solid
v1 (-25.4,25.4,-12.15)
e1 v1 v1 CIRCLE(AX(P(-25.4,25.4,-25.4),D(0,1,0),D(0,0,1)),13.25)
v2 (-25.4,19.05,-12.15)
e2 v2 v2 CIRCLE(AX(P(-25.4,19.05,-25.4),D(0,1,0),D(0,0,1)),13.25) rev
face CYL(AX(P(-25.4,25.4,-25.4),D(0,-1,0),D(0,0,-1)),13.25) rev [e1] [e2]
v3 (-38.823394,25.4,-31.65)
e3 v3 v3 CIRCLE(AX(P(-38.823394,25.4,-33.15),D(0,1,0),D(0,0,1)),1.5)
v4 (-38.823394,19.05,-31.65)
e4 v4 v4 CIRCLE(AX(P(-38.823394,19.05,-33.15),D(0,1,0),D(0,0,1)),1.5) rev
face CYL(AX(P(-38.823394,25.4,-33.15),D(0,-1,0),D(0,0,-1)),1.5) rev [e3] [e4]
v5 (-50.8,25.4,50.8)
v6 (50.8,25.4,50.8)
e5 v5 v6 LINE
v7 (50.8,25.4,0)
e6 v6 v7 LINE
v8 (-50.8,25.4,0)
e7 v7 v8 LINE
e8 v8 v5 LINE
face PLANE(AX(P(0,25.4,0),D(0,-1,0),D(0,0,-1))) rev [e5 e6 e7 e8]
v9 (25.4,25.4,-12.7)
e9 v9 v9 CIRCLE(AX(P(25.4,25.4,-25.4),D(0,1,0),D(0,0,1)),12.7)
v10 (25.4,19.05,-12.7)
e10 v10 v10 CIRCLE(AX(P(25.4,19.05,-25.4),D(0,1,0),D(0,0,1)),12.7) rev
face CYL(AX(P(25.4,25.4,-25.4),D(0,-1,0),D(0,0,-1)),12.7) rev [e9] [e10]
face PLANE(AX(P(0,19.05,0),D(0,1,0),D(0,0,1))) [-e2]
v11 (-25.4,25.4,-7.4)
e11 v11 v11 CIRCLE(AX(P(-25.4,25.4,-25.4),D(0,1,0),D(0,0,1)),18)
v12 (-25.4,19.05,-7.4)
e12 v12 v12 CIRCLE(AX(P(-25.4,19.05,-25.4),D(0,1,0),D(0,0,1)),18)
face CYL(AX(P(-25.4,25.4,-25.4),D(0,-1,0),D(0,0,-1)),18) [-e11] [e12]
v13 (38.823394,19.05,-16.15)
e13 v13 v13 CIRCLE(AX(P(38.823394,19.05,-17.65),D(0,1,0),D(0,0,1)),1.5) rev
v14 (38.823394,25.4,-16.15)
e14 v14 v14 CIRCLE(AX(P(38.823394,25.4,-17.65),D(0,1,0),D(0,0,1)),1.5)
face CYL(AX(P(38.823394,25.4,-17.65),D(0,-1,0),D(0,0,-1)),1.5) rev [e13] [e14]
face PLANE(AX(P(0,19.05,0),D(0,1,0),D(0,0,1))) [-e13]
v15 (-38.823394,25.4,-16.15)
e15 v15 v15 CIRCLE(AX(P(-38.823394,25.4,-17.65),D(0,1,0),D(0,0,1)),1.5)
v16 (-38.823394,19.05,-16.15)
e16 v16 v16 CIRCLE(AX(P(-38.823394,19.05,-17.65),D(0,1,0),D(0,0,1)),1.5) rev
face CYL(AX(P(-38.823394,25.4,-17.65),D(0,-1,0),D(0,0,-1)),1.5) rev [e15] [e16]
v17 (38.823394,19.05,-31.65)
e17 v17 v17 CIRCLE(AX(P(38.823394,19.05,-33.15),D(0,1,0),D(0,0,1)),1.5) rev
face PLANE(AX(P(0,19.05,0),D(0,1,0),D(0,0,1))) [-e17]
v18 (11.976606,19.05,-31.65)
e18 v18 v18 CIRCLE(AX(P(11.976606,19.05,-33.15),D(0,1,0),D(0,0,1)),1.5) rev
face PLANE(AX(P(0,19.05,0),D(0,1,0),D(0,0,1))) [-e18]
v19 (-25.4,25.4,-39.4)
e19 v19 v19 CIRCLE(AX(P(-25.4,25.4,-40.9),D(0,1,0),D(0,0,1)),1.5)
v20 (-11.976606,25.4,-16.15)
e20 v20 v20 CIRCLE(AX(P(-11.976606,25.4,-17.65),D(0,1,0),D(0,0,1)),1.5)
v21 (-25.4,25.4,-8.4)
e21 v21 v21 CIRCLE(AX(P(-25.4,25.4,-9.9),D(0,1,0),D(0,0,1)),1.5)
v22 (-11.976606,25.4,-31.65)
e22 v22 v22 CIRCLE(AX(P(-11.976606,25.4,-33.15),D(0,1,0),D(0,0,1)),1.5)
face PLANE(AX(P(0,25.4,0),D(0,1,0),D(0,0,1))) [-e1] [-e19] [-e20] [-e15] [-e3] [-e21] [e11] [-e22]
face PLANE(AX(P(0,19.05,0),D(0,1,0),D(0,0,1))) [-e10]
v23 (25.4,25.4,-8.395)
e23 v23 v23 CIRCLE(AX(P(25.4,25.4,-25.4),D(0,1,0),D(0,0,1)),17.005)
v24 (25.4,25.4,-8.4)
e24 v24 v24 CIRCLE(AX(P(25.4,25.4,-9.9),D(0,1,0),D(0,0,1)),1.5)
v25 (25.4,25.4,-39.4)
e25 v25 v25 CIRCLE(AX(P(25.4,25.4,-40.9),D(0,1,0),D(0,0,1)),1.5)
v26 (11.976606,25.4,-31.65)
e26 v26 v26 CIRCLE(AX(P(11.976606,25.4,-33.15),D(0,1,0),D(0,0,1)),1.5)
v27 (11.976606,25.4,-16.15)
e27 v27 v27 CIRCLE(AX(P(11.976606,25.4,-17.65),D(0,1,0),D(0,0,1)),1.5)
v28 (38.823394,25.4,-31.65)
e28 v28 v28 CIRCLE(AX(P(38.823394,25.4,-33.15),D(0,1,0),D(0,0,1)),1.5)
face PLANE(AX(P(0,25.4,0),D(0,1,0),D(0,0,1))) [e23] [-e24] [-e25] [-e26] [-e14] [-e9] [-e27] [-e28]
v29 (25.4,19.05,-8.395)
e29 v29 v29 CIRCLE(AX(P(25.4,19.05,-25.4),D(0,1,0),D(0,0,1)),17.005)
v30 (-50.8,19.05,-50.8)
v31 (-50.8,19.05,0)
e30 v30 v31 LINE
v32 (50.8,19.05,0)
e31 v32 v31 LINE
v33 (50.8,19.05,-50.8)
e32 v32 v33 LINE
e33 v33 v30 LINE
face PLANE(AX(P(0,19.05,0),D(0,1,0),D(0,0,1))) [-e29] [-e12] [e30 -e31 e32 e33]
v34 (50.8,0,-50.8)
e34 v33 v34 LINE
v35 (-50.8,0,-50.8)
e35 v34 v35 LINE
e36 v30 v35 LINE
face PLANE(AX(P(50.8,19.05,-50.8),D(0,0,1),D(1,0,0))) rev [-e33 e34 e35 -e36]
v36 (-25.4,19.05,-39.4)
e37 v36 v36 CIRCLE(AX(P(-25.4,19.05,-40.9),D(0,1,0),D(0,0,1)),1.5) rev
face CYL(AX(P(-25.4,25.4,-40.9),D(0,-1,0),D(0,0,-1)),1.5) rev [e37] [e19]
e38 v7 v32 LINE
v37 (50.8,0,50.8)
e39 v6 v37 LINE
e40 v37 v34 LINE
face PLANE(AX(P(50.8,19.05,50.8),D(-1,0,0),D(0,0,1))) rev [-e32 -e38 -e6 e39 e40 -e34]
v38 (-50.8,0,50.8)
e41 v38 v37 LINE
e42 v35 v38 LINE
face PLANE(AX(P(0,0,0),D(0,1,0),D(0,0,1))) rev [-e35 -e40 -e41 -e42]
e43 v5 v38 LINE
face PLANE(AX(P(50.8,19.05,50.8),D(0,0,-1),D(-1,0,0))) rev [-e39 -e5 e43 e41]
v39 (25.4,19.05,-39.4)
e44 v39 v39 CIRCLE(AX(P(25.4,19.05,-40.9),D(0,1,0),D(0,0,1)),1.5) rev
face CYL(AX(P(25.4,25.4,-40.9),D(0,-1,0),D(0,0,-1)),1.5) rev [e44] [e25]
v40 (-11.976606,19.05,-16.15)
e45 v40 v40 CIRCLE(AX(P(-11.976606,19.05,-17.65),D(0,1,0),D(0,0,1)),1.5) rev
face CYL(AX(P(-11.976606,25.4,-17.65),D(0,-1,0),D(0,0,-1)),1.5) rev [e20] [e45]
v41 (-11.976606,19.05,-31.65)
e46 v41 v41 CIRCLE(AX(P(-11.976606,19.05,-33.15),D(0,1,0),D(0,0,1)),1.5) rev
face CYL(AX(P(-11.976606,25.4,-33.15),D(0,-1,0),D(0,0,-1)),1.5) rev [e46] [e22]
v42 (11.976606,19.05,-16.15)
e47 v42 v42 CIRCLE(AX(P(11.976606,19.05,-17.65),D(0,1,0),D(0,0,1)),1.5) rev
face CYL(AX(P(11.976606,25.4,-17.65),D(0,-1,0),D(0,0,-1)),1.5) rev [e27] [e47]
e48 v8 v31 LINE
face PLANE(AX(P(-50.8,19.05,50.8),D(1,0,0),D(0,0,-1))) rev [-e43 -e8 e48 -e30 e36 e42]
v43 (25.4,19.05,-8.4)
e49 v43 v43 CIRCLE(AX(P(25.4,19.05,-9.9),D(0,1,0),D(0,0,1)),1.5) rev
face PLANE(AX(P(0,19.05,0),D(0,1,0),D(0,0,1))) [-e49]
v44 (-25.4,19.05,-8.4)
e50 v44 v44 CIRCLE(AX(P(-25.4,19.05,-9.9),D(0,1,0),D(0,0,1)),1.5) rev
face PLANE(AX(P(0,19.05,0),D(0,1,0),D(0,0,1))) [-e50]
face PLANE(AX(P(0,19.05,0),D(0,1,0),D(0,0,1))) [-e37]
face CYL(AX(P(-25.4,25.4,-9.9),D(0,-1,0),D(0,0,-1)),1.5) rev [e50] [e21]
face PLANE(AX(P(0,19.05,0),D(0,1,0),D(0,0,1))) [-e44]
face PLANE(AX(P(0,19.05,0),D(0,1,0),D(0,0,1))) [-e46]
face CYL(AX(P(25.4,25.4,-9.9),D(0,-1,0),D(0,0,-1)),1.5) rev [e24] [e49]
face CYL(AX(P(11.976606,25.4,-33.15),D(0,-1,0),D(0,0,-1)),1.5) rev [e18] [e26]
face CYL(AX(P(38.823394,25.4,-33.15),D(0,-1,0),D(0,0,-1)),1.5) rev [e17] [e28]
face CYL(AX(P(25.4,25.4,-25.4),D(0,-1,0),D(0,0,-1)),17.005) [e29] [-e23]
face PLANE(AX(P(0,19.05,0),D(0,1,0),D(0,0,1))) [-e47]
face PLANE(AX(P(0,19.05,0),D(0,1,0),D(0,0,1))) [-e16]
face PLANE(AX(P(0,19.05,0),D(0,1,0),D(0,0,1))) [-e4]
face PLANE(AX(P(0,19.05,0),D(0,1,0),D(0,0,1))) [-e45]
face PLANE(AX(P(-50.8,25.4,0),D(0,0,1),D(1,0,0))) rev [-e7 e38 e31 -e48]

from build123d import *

# Parameters (mm, degrees)
SKETCH1_W           = 101.6
SKETCH1_H           = 101.6
BOSS_EXTRUDE1_DEPTH = 19.05
SKETCH2_R           = 18
SKETCH2_R_2         = 1.5
SKETCH2_R_3         = 13.25
SKETCH2_R_4         = 17.005
SKETCH2_R_5         = 12.7
BOSS_EXTRUDE2_DEPTH = 6.35
SKETCH3_W           = 101.6
SKETCH3_H           = 50.8
BOSS_EXTRUDE3_DEPTH = 6.35


with BuildPart() as part:
    # Sketch1 → Boss-Extrude1 (new body)
    with BuildSketch(Plane(origin=(0, 0, 0), x_dir=(1, 0, 0), z_dir=(0, 1, 0))):
        Rectangle(SKETCH1_W, SKETCH1_H)
    extrude(amount=BOSS_EXTRUDE1_DEPTH)

    # Sketch2 → Boss-Extrude2 (add)
    with BuildSketch(Plane(origin=(0, 19.05, 0), x_dir=(1, 0, 0), z_dir=(0, 1, 0))):
        with Locations((-25.4, 25.4)):
            Circle(SKETCH2_R)
        with Locations((-38.823393759, 33.15)):
            Circle(SKETCH2_R_2, mode=Mode.SUBTRACT)
        with Locations((-38.823393759, 17.65)):
            Circle(SKETCH2_R_2, mode=Mode.SUBTRACT)
        with Locations((-25.4, 9.9)):
            Circle(SKETCH2_R_2, mode=Mode.SUBTRACT)
        with Locations((-11.976606241, 17.65)):
            Circle(SKETCH2_R_2, mode=Mode.SUBTRACT)
        with Locations((-11.976606241, 33.15)):
            Circle(SKETCH2_R_2, mode=Mode.SUBTRACT)
        with Locations((-25.4, 40.9)):
            Circle(SKETCH2_R_2, mode=Mode.SUBTRACT)
        with Locations((-25.4, 25.4)):
            Circle(SKETCH2_R_3, mode=Mode.SUBTRACT)
        with Locations((25.4, 25.4)):
            Circle(SKETCH2_R_4)
        with Locations((11.976606241, 33.15)):
            Circle(SKETCH2_R_2, mode=Mode.SUBTRACT)
        with Locations((11.976606241, 17.65)):
            Circle(SKETCH2_R_2, mode=Mode.SUBTRACT)
        with Locations((25.4, 9.9)):
            Circle(SKETCH2_R_2, mode=Mode.SUBTRACT)
        with Locations((38.823393759, 17.65)):
            Circle(SKETCH2_R_2, mode=Mode.SUBTRACT)
        with Locations((38.823393759, 33.15)):
            Circle(SKETCH2_R_2, mode=Mode.SUBTRACT)
        with Locations((25.4, 40.9)):
            Circle(SKETCH2_R_2, mode=Mode.SUBTRACT)
        with Locations((25.4, 25.4)):
            Circle(SKETCH2_R_5, mode=Mode.SUBTRACT)
    extrude(amount=BOSS_EXTRUDE2_DEPTH)

    # Sketch3 → Boss-Extrude3 (add)
    with BuildSketch(Plane(origin=(0, 19.05, 0), x_dir=(1, 0, 0), z_dir=(0, 1, 0))):
        with Locations((0, -25.4)):
            Rectangle(SKETCH3_W, SKETCH3_H)
    extrude(amount=BOSS_EXTRUDE3_DEPTH)


solid = part.part
